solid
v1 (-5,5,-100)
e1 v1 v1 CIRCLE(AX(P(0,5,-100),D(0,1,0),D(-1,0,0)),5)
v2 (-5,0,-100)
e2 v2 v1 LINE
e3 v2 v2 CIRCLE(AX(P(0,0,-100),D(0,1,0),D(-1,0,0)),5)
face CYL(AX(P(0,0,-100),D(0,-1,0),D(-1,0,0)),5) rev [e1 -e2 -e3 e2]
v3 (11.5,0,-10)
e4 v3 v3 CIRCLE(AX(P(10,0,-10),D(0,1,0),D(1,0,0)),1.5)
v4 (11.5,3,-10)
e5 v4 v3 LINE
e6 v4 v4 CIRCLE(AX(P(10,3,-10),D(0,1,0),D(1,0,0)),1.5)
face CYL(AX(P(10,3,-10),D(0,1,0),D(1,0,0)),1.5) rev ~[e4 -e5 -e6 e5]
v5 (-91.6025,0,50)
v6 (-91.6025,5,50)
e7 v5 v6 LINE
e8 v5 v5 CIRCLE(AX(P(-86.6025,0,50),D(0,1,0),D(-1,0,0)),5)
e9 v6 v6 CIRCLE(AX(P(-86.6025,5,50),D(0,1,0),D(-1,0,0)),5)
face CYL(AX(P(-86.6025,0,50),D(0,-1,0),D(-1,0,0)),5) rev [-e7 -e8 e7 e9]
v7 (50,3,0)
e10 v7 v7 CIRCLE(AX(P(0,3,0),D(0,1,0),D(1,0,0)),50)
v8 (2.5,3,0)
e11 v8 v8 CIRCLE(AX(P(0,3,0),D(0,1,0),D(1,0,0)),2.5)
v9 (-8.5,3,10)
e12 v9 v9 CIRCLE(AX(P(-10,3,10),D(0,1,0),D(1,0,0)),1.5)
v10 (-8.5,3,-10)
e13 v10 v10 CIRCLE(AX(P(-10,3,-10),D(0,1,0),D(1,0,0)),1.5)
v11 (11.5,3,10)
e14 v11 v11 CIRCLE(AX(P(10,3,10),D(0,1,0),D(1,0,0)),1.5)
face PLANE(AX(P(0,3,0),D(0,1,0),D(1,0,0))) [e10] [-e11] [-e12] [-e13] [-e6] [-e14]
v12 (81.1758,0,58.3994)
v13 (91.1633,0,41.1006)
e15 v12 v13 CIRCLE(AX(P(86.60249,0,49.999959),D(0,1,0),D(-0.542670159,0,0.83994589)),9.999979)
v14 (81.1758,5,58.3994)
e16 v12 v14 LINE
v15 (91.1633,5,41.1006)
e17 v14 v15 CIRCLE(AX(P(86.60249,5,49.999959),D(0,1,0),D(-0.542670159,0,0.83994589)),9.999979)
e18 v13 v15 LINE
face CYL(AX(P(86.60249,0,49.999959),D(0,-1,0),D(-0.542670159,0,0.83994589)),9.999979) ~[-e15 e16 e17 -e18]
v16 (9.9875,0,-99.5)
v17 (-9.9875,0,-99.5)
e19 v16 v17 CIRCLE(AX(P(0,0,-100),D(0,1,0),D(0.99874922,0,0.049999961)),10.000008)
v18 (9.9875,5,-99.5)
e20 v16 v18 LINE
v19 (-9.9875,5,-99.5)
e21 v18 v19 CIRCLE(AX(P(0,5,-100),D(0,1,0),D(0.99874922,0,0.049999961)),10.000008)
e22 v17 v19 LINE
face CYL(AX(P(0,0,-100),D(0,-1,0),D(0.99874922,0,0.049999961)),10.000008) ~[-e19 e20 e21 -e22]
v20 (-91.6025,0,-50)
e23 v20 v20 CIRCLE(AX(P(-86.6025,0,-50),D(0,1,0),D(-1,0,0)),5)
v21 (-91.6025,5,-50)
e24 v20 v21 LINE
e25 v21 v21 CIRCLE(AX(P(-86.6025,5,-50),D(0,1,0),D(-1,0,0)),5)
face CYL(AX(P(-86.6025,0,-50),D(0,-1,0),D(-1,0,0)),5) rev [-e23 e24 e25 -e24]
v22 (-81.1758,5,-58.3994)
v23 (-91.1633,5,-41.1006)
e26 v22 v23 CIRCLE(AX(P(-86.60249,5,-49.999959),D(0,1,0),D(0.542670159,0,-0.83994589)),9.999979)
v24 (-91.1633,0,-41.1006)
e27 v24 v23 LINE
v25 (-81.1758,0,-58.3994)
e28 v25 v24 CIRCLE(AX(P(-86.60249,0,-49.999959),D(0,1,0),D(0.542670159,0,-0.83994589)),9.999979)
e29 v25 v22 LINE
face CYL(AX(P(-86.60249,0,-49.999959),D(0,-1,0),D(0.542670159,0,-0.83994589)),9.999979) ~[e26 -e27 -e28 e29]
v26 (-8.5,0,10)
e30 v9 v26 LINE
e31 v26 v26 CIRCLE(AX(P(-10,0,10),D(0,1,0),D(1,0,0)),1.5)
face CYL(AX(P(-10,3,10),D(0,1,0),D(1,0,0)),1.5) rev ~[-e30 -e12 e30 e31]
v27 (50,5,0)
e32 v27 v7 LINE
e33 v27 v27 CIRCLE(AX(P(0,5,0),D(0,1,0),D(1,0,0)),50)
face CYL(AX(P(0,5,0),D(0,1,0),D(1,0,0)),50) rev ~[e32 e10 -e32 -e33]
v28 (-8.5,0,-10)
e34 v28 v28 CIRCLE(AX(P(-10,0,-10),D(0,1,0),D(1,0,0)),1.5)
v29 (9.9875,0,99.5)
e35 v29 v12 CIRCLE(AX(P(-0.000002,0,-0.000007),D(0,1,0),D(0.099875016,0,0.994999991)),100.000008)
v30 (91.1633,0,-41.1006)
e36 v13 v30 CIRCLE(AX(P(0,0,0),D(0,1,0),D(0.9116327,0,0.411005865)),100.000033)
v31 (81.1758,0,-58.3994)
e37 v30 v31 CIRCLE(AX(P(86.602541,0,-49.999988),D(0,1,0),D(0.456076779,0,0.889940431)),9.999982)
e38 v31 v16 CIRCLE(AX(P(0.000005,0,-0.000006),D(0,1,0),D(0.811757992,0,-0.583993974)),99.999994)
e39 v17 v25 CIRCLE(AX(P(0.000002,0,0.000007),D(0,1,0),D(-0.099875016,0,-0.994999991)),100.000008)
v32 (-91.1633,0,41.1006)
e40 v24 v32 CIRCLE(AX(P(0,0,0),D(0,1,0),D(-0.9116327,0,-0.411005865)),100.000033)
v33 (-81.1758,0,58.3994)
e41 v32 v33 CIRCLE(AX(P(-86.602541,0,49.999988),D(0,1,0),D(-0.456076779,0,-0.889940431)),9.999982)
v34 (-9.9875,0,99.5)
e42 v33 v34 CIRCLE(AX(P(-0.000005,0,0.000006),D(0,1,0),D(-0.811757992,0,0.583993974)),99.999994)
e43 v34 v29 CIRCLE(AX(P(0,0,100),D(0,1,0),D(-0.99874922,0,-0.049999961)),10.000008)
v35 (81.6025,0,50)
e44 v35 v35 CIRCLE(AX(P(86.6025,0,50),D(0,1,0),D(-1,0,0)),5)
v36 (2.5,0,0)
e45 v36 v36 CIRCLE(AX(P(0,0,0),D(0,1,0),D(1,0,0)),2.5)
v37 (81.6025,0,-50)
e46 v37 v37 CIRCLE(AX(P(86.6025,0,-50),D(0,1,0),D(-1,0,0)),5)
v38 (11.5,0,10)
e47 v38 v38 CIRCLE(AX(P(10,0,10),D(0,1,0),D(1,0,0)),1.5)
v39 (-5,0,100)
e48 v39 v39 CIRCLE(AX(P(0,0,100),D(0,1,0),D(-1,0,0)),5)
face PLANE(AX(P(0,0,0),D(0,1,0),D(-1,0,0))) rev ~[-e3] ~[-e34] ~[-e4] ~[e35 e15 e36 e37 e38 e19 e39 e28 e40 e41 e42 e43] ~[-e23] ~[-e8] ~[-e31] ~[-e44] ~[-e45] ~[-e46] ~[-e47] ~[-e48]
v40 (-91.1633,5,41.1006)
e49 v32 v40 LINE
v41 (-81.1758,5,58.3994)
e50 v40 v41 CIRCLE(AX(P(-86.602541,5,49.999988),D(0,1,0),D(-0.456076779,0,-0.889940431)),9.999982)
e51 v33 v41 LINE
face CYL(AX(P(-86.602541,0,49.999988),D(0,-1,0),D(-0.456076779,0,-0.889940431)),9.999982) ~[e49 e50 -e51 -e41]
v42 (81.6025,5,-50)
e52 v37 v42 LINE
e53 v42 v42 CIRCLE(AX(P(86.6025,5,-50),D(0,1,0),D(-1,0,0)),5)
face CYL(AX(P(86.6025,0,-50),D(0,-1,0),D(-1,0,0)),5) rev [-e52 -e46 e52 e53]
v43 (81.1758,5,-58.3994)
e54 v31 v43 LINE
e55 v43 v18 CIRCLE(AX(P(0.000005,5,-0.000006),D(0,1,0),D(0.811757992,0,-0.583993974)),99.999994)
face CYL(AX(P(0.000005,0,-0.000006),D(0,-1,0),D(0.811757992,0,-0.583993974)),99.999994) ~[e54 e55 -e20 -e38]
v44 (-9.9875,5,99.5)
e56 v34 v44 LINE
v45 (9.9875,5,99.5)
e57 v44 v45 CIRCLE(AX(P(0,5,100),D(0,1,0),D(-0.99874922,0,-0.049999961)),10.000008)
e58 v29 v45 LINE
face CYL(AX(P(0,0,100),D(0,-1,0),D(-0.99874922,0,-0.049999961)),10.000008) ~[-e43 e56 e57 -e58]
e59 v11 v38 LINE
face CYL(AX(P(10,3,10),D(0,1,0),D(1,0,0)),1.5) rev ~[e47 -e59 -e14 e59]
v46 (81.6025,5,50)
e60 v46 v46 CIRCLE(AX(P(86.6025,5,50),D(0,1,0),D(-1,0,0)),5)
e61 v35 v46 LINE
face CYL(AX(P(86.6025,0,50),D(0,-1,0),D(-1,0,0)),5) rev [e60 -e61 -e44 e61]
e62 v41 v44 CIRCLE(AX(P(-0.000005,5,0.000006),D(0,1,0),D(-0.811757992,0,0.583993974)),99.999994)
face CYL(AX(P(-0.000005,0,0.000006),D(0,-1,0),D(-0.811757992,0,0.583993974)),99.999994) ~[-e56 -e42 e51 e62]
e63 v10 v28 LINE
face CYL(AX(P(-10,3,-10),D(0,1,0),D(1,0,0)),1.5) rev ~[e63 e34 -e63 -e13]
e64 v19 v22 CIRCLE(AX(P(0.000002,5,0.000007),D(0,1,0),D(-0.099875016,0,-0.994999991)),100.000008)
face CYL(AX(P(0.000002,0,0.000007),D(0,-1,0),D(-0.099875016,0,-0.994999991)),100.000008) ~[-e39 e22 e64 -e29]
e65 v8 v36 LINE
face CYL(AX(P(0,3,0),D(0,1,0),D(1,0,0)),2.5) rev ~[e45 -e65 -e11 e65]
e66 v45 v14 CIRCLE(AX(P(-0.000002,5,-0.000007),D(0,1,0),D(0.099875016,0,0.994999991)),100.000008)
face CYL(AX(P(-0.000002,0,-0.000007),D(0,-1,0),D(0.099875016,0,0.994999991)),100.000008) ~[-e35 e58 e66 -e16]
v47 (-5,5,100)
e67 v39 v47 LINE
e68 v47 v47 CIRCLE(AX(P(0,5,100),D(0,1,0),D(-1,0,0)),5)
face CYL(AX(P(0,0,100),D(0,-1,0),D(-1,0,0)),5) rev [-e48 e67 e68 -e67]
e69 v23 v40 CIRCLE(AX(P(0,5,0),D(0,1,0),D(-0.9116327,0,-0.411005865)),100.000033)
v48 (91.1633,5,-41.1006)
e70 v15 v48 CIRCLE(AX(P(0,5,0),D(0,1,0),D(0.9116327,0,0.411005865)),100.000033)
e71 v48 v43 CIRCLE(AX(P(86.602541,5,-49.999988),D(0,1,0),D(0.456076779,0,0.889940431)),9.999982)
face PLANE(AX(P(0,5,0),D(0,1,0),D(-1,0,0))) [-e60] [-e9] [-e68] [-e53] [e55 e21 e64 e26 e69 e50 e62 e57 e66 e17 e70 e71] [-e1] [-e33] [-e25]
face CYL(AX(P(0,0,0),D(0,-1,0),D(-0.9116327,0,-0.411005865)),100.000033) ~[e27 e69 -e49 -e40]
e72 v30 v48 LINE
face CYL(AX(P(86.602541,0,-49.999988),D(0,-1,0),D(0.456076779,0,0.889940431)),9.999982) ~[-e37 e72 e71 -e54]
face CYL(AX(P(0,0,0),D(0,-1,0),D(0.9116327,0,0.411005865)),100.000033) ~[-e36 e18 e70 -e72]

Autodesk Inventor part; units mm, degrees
ref_plane "YZ Plane" through (0, 0, 0) normal (1, 0, 0) x (0, 1, 0)
ref_plane "XZ Plane" through (0, 0, 0) normal (0, 1, 0) x (-1, 0, 0)
ref_plane "XY Plane" through (0, 0, 0) normal (0, 0, 1) x (1, 0, 0)
sketch "Sketch1" plane through (0, 0, 0) normal (0, 1, 0) x (-1, 0, 0)
  arc A0 (9.9875, 99.5) -> (-9.9875, 99.5) centre (0, 100) ccw
  arc A1 (91.1633, 41.1006) -> (81.1758, 58.3994) centre (86.6025, 50) ccw
  arc A2 (81.1758, -58.3994) -> (91.1633, -41.1006) centre (86.6025, -50) ccw
  arc A3 (-9.9875, -99.5) -> (9.9875, -99.5) centre (0, -100) ccw
  arc A4 (-91.1633, -41.1006) -> (-81.1758, -58.3994) centre (-86.6025, -50) ccw
  arc A5 (-81.1758, 58.3994) -> (-91.1633, 41.1006) centre (-86.6025, 50) ccw
  arc A6 (81.1758, 58.3994) -> (9.9875, 99.5) centre (0, 0) ccw
  arc A7 (91.1633, -41.1006) -> (91.1633, 41.1006) centre (0, 0) ccw
  arc A8 (9.9875, -99.5) -> (81.1758, -58.3994) centre (0, 0) ccw
  arc A9 (-81.1758, -58.3994) -> (-9.9875, -99.5) centre (0, 0) ccw
  arc A10 (-9.9875, 99.5) -> (-81.1758, 58.3994) centre (0, 0) ccw
  arc A11 (-91.1633, 41.1006) -> (-91.1633, -41.1006) centre (0, 0) ccw
  circle A12 centre (0, 100) radius 5
  circle A13 centre (86.6025, 50) radius 5
  circle A14 centre (86.6025, -50) radius 5
  circle A15 centre (0, -100) radius 5
  circle A16 centre (-86.6025, -50) radius 5
  circle A17 centre (-86.6025, 50) radius 5
  dimension "d3" = 20
  dimension "d4" = 20
  dimension "d5" = 20
  dimension "d6" = 20
  dimension "d7" = 20
  dimension "d8" = 20
  dimension "d9" = 10
  dimension "d10" = 10
  dimension "d11" = 10
  dimension "d12" = 10
  dimension "d13" = 10
  dimension "d14" = 10
extrude "Extrusion1" add sketch "Sketch1" along normal blind 5
sketch "Sketch2" plane through (0, 5, 0) normal (0, 1, 0) x (1, 0, 0)
  circle A0 centre (0, 0) radius 50
  dimension "d17" = 100
extrude "Extrusion2" cut sketch "Sketch2" against normal blind 2
sketch "Sketch3" plane through (0, 3, 0) normal (0, 1, 0) x (1, 0, 0)
  circle A0 centre (0, 0) radius 2.5
  circle A1 centre (-10, -10) radius 1.5
  circle A2 centre (-10, 10) radius 1.5
  circle A3 centre (10, 10) radius 1.5
  circle A4 centre (10, -10) radius 1.5
  dimension "d20" = 5
  dimension "d29" = 3
  dimension "d30" = 3
  dimension "d31" = 3
  dimension "d32" = 3
extrude "Extrusion3" cut sketch "Sketch3" against normal blind 5
properties part number "Base"
